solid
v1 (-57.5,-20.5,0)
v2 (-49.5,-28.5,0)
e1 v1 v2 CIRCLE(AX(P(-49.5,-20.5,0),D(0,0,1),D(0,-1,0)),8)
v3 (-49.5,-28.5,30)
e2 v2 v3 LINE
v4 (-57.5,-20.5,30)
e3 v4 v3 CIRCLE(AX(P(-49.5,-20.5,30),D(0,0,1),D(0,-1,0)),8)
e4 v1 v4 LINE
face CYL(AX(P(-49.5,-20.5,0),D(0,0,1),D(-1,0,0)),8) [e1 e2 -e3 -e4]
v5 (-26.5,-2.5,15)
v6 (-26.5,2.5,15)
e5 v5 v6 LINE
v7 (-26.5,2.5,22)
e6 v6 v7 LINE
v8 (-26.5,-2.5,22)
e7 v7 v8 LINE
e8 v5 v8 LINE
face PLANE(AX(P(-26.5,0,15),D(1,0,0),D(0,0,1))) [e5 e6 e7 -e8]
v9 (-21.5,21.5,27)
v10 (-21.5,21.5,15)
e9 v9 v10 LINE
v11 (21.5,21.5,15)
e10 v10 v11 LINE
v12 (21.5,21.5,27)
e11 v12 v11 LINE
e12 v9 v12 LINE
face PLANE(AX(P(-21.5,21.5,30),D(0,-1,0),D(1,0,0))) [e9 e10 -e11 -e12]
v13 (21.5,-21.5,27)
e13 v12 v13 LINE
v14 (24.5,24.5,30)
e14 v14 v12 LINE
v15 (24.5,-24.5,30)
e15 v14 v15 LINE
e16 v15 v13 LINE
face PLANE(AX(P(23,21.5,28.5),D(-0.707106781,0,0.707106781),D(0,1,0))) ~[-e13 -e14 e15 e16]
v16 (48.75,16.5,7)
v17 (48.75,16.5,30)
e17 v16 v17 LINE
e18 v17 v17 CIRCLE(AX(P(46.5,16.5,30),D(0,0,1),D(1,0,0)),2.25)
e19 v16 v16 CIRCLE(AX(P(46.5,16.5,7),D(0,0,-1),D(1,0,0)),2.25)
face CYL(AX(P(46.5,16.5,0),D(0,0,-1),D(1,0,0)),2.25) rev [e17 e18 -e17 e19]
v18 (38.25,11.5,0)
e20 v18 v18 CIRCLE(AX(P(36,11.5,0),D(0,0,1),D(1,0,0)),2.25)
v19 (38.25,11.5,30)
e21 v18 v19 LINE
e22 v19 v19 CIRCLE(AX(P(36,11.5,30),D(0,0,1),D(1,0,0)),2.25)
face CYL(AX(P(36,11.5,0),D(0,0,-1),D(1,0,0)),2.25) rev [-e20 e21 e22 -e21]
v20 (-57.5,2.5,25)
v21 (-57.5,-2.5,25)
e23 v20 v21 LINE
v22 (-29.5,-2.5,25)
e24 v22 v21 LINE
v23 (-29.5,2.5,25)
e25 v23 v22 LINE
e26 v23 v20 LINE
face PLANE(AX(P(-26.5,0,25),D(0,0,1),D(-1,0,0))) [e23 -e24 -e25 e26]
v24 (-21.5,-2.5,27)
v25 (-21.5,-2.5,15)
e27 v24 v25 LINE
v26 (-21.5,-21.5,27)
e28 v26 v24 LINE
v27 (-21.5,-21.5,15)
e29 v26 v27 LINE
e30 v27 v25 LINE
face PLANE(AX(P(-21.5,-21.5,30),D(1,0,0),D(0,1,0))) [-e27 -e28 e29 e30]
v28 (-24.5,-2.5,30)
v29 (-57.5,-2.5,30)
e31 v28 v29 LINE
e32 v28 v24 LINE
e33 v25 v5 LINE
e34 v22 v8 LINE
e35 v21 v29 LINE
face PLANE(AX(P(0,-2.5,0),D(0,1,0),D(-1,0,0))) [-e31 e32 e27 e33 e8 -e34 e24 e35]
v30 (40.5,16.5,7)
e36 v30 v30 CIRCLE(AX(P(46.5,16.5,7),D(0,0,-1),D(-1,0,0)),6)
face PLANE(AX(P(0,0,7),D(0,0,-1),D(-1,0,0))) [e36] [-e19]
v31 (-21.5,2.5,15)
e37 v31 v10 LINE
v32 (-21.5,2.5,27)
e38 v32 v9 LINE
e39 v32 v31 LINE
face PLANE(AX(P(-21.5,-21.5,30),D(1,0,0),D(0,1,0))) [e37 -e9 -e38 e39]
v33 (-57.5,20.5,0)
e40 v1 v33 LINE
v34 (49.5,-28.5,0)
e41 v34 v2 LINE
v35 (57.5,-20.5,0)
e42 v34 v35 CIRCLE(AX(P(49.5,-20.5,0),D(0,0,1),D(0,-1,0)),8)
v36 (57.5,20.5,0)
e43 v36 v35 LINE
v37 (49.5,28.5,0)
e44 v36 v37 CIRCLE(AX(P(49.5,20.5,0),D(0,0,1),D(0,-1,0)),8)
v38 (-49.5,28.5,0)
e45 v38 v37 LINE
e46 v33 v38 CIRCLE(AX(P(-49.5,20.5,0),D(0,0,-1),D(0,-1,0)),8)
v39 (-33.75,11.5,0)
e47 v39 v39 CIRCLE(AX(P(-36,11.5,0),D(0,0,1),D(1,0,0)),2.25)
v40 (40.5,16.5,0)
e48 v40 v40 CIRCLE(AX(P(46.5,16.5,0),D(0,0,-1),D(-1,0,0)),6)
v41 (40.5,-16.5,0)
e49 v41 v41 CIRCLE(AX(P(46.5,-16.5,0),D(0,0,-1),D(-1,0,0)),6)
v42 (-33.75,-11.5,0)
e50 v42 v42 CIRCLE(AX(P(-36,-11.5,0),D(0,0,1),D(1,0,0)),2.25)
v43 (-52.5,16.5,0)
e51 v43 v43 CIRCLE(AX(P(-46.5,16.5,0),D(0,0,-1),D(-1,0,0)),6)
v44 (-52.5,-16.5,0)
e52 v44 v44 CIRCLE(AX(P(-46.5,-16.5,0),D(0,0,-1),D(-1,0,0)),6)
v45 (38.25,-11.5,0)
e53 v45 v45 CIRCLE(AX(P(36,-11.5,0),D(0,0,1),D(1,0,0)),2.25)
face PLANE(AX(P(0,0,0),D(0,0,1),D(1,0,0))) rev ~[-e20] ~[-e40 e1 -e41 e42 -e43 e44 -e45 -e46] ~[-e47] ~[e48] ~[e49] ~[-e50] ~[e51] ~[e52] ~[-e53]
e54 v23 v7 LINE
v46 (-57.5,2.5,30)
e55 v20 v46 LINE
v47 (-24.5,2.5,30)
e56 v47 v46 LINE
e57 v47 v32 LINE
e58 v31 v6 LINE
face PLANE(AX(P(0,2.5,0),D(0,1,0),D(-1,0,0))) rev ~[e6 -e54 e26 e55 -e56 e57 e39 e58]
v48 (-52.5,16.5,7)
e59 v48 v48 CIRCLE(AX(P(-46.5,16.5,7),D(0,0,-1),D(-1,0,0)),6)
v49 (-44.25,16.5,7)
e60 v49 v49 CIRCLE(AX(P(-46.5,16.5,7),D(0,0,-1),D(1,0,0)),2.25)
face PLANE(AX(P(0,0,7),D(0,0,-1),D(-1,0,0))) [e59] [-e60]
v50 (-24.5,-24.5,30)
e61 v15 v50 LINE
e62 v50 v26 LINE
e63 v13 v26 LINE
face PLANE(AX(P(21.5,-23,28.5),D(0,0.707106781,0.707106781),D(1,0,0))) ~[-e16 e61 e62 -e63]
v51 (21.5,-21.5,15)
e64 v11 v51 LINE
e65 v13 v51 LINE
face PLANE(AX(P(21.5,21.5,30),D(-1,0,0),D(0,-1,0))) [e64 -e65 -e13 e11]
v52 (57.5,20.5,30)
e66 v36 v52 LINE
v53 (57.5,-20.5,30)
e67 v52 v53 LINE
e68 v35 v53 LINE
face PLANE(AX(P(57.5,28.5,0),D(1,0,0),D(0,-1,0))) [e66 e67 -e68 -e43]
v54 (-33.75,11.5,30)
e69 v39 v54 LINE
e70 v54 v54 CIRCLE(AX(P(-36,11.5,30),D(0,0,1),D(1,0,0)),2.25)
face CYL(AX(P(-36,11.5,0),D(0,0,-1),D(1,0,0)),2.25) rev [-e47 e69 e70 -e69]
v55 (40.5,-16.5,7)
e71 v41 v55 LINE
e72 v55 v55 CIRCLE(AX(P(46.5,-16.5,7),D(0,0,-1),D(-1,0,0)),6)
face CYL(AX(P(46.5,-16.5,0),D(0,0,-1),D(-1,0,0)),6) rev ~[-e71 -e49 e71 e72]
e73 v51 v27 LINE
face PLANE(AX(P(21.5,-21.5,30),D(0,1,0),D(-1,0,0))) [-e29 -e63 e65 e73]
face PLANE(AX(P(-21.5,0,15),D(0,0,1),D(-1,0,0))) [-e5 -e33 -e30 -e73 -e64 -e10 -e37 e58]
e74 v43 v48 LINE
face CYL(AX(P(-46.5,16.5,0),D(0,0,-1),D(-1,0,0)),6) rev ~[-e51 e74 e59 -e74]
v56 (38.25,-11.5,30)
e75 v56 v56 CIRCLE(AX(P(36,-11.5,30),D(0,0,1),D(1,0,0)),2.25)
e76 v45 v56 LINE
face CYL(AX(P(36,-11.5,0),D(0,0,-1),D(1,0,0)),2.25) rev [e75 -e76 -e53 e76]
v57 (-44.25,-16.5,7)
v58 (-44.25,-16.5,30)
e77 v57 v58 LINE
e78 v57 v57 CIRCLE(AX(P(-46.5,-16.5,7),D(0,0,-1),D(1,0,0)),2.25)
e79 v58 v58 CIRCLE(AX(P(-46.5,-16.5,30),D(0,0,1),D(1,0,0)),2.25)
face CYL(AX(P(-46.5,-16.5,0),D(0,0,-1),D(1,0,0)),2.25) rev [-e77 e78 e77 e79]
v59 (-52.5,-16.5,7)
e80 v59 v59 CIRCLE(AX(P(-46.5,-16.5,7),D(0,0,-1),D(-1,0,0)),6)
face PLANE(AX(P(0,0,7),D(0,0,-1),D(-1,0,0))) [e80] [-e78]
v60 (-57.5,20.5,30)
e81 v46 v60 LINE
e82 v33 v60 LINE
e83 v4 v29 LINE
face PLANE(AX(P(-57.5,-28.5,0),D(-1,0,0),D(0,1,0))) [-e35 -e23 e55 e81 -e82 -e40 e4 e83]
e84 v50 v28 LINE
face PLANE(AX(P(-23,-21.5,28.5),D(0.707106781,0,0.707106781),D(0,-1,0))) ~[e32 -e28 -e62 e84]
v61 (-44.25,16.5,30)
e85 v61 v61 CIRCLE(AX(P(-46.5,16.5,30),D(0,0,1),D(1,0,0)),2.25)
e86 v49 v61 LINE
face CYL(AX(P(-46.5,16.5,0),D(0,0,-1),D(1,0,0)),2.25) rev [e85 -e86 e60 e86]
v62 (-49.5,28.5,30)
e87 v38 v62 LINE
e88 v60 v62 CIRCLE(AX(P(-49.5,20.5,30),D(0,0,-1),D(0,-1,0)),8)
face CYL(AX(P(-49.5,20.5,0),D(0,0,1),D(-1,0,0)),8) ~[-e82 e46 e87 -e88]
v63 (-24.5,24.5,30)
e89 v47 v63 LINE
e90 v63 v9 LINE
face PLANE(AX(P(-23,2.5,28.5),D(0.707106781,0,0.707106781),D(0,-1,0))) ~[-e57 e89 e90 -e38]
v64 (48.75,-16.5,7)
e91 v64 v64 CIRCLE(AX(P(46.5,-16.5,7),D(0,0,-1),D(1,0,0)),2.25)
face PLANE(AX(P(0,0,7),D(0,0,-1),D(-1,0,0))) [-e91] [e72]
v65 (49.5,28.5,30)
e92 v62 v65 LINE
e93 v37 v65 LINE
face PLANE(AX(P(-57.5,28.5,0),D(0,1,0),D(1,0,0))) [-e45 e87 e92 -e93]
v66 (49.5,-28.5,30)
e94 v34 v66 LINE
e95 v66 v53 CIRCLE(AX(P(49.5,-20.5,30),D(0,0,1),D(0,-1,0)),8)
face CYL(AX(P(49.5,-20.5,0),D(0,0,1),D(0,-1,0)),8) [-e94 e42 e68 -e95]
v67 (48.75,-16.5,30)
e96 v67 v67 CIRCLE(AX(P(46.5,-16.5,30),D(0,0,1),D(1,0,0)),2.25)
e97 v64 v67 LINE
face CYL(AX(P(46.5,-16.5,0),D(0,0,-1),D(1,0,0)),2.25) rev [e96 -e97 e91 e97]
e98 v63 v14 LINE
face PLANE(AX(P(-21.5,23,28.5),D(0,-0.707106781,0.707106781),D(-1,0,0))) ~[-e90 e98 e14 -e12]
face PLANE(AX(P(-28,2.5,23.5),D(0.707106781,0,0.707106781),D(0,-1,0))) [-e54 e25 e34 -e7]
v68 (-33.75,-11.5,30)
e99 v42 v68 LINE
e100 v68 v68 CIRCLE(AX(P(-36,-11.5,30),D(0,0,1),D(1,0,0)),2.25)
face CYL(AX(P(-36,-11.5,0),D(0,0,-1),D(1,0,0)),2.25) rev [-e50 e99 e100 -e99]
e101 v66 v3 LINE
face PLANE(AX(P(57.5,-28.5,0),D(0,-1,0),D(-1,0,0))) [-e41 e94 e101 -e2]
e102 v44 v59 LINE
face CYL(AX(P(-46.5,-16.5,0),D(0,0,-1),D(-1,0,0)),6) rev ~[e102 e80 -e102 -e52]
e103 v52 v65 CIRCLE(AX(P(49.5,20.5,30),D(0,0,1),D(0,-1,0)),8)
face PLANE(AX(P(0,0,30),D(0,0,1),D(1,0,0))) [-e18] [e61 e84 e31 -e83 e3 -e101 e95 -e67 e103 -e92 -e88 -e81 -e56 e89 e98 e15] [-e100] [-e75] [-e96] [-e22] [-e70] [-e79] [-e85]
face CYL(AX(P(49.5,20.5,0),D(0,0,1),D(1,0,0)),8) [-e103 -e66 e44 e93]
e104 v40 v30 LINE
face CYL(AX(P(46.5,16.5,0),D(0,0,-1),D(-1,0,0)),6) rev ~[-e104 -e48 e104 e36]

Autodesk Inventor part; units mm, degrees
ref_plane "YZ Plane" through (0, 0, 0) normal (1, 0, 0) x (0, 1, 0)
ref_plane "XZ Plane" through (0, 0, 0) normal (0, 1, 0) x (-1, 0, 0)
ref_plane "XY Plane" through (0, 0, 0) normal (0, 0, 1) x (1, 0, 0)
sketch "Sketch1" plane through (0, 0, 0) normal (0, 0, 1) x (1, 0, 0)
  line L0 (57.5, -28.5) -> (-57.5, -28.5)
  line L1 (-57.5, -28.5) -> (-57.5, 28.5)
  line L2 (-57.5, 28.5) -> (57.5, 28.5)
  line L3 (57.5, 28.5) -> (57.5, -28.5)
  line L4 (57.5, -28.5) -> (-57.5, 28.5) construction
  line L5 (-57.5, -28.5) -> (57.5, 28.5) construction
  line L6 (46.5, -16.5) -> (-46.5, -16.5) construction
  line L7 (-46.5, -16.5) -> (-46.5, 16.5) construction
  line L8 (-46.5, 16.5) -> (46.5, 16.5) construction
  line L9 (46.5, 16.5) -> (46.5, -16.5) construction
  line L10 (46.5, -16.5) -> (-46.5, 16.5) construction
  line L11 (-46.5, -16.5) -> (46.5, 16.5) construction
  line L12 (36, -11.5) -> (-36, -11.5) construction
  line L13 (-36, -11.5) -> (-36, 11.5) construction
  line L14 (-36, 11.5) -> (36, 11.5) construction
  line L15 (36, 11.5) -> (36, -11.5) construction
  line L16 (36, -11.5) -> (-36, 11.5) construction
  line L17 (-36, -11.5) -> (36, 11.5) construction
  circle A0 centre (-46.5, 16.5) radius 2.25
  circle A1 centre (-36, 11.5) radius 2.25
  circle A2 centre (-46.5, -16.5) radius 2.25
  circle A3 centre (-36, -11.5) radius 2.25
  circle A4 centre (46.5, -16.5) radius 2.25
  circle A5 centre (36, -11.5) radius 2.25
  circle A6 centre (36, 11.5) radius 2.25
  circle A7 centre (46.5, 16.5) radius 2.25
  point P0 (0, 0)
  dimension "d0" = 115
  dimension "d1" = 57
  dimension "d2" = 93
  dimension "d3" = 33
  dimension "d4" = 72
  dimension "d5" = 23
  dimension "d6" = 4.5
extrude "Extrusion1" add sketch "Sketch1" along normal blind 30
sketch "Sketch2" plane through (0, 0, 0) normal (0, 0, -1) x (-1, 0, 0)
  circle A0 centre (-46.5, 16.5) radius 2.25 projected
  circle A1 centre (-36, 11.5) radius 2.25 projected
  circle A2 centre (-36, -11.5) radius 2.25 projected
  circle A3 centre (-46.5, -16.5) radius 2.25 projected
  circle A4 centre (36, -11.5) radius 2.25 projected
  circle A5 centre (46.5, -16.5) radius 2.25 projected
  circle A6 centre (36, 11.5) radius 2.25 projected
  circle A7 centre (46.5, 16.5) radius 2.25 projected
  line L0 (-57.5, -28.5) -> (57.5, -28.5) projected
  line L1 (57.5, -28.5) -> (57.5, 28.5) projected
  line L2 (57.5, 28.5) -> (-57.5, 28.5) projected
  line L3 (-57.5, 28.5) -> (-57.5, -28.5) projected
  circle A8 centre (-46.5, 16.5) radius 2.25 projected
  circle A9 centre (-46.5, 16.5) radius 6
  circle A10 centre (-46.5, -16.5) radius 2.25 projected
  circle A11 centre (-46.5, -16.5) radius 6
  circle A12 centre (46.5, -16.5) radius 6
  circle A13 centre (46.5, 16.5) radius 6
  point P0 (0, 0)
  dimension "d9" = 12
extrude "Extrusion2" cut sketch "Sketch2" against normal blind 7 contours A9 | A11 | A12 | A13
sketch "Sketch6" plane through (0, 0, 30) normal (0, 0, 1) x (1, 0, 0)
  line L0 (21.5, -21.5) -> (-21.5, -21.5)
  line L1 (-21.5, -21.5) -> (-21.5, 21.5)
  line L2 (-21.5, 21.5) -> (21.5, 21.5)
  line L3 (21.5, 21.5) -> (21.5, -21.5)
  line L4 (21.5, -21.5) -> (-21.5, 21.5) construction
  line L5 (-21.5, -21.5) -> (21.5, 21.5) construction
  point P0 (0, 0)
  dimension "d27" = 43
  dimension "d28" = 43
extrude "Extrusion5" cut sketch "Sketch6" against normal blind 15
sketch "Sketch7" plane through (0, 0, 0) normal (0, 1, 0) x (-1, 0, 0)
  line L0 (21.5, 30) -> (-21.5, 30) projected
  line L1 (21.5, 30) -> (21.5, 15) projected
  line L2 (21.5, 15) -> (-21.5, 15) projected
  line L3 (-21.5, 30) -> (-21.5, 15) projected
  line L4 (57.5, 0) -> (-57.5, 0) projected
  line L5 (57.5, 0) -> (57.5, 30) projected
  line L6 (-57.5, 30) -> (57.5, 30) projected
  line L7 (-57.5, 0) -> (-57.5, 30) projected
  line L8 (57.5, 30) -> (21.5, 30)
  line L9 (21.5, 30) -> (21.5, 15) projected
  line L10 (21.5, 15) -> (26.5, 15)
  line L11 (26.5, 15) -> (26.5, 25)
  line L12 (26.5, 25) -> (57.5, 25)
  line L13 (57.5, 30) -> (57.5, 25)
  line L14 (57.5, 0) -> (57.5, 30) projected
  point P0 (0, 0)
  dimension "d31" = 5
  dimension "d32" = 5
extrude "Extrusion6" cut sketch "Sketch7" along normal mid plane 5 contours L6 L5 L12 L11 L10 L1
chamfer "Chamfer2" distance 3 angle 45 6 edges at (-21.5, 12, 30) (0, 21.5, 30) (-21.5, -12, 30) (0, -21.5, 30) (21.5, 0, 30) (-26.5, 0, 25)
fillet "Fillet2" radius 8 4 edges at (-57.5, 28.5, 15) (-57.5, -28.5, 15) (57.5, -28.5, 15) (57.5, 28.5, 15)
properties part number "sujetador guia ejercedor presion"
